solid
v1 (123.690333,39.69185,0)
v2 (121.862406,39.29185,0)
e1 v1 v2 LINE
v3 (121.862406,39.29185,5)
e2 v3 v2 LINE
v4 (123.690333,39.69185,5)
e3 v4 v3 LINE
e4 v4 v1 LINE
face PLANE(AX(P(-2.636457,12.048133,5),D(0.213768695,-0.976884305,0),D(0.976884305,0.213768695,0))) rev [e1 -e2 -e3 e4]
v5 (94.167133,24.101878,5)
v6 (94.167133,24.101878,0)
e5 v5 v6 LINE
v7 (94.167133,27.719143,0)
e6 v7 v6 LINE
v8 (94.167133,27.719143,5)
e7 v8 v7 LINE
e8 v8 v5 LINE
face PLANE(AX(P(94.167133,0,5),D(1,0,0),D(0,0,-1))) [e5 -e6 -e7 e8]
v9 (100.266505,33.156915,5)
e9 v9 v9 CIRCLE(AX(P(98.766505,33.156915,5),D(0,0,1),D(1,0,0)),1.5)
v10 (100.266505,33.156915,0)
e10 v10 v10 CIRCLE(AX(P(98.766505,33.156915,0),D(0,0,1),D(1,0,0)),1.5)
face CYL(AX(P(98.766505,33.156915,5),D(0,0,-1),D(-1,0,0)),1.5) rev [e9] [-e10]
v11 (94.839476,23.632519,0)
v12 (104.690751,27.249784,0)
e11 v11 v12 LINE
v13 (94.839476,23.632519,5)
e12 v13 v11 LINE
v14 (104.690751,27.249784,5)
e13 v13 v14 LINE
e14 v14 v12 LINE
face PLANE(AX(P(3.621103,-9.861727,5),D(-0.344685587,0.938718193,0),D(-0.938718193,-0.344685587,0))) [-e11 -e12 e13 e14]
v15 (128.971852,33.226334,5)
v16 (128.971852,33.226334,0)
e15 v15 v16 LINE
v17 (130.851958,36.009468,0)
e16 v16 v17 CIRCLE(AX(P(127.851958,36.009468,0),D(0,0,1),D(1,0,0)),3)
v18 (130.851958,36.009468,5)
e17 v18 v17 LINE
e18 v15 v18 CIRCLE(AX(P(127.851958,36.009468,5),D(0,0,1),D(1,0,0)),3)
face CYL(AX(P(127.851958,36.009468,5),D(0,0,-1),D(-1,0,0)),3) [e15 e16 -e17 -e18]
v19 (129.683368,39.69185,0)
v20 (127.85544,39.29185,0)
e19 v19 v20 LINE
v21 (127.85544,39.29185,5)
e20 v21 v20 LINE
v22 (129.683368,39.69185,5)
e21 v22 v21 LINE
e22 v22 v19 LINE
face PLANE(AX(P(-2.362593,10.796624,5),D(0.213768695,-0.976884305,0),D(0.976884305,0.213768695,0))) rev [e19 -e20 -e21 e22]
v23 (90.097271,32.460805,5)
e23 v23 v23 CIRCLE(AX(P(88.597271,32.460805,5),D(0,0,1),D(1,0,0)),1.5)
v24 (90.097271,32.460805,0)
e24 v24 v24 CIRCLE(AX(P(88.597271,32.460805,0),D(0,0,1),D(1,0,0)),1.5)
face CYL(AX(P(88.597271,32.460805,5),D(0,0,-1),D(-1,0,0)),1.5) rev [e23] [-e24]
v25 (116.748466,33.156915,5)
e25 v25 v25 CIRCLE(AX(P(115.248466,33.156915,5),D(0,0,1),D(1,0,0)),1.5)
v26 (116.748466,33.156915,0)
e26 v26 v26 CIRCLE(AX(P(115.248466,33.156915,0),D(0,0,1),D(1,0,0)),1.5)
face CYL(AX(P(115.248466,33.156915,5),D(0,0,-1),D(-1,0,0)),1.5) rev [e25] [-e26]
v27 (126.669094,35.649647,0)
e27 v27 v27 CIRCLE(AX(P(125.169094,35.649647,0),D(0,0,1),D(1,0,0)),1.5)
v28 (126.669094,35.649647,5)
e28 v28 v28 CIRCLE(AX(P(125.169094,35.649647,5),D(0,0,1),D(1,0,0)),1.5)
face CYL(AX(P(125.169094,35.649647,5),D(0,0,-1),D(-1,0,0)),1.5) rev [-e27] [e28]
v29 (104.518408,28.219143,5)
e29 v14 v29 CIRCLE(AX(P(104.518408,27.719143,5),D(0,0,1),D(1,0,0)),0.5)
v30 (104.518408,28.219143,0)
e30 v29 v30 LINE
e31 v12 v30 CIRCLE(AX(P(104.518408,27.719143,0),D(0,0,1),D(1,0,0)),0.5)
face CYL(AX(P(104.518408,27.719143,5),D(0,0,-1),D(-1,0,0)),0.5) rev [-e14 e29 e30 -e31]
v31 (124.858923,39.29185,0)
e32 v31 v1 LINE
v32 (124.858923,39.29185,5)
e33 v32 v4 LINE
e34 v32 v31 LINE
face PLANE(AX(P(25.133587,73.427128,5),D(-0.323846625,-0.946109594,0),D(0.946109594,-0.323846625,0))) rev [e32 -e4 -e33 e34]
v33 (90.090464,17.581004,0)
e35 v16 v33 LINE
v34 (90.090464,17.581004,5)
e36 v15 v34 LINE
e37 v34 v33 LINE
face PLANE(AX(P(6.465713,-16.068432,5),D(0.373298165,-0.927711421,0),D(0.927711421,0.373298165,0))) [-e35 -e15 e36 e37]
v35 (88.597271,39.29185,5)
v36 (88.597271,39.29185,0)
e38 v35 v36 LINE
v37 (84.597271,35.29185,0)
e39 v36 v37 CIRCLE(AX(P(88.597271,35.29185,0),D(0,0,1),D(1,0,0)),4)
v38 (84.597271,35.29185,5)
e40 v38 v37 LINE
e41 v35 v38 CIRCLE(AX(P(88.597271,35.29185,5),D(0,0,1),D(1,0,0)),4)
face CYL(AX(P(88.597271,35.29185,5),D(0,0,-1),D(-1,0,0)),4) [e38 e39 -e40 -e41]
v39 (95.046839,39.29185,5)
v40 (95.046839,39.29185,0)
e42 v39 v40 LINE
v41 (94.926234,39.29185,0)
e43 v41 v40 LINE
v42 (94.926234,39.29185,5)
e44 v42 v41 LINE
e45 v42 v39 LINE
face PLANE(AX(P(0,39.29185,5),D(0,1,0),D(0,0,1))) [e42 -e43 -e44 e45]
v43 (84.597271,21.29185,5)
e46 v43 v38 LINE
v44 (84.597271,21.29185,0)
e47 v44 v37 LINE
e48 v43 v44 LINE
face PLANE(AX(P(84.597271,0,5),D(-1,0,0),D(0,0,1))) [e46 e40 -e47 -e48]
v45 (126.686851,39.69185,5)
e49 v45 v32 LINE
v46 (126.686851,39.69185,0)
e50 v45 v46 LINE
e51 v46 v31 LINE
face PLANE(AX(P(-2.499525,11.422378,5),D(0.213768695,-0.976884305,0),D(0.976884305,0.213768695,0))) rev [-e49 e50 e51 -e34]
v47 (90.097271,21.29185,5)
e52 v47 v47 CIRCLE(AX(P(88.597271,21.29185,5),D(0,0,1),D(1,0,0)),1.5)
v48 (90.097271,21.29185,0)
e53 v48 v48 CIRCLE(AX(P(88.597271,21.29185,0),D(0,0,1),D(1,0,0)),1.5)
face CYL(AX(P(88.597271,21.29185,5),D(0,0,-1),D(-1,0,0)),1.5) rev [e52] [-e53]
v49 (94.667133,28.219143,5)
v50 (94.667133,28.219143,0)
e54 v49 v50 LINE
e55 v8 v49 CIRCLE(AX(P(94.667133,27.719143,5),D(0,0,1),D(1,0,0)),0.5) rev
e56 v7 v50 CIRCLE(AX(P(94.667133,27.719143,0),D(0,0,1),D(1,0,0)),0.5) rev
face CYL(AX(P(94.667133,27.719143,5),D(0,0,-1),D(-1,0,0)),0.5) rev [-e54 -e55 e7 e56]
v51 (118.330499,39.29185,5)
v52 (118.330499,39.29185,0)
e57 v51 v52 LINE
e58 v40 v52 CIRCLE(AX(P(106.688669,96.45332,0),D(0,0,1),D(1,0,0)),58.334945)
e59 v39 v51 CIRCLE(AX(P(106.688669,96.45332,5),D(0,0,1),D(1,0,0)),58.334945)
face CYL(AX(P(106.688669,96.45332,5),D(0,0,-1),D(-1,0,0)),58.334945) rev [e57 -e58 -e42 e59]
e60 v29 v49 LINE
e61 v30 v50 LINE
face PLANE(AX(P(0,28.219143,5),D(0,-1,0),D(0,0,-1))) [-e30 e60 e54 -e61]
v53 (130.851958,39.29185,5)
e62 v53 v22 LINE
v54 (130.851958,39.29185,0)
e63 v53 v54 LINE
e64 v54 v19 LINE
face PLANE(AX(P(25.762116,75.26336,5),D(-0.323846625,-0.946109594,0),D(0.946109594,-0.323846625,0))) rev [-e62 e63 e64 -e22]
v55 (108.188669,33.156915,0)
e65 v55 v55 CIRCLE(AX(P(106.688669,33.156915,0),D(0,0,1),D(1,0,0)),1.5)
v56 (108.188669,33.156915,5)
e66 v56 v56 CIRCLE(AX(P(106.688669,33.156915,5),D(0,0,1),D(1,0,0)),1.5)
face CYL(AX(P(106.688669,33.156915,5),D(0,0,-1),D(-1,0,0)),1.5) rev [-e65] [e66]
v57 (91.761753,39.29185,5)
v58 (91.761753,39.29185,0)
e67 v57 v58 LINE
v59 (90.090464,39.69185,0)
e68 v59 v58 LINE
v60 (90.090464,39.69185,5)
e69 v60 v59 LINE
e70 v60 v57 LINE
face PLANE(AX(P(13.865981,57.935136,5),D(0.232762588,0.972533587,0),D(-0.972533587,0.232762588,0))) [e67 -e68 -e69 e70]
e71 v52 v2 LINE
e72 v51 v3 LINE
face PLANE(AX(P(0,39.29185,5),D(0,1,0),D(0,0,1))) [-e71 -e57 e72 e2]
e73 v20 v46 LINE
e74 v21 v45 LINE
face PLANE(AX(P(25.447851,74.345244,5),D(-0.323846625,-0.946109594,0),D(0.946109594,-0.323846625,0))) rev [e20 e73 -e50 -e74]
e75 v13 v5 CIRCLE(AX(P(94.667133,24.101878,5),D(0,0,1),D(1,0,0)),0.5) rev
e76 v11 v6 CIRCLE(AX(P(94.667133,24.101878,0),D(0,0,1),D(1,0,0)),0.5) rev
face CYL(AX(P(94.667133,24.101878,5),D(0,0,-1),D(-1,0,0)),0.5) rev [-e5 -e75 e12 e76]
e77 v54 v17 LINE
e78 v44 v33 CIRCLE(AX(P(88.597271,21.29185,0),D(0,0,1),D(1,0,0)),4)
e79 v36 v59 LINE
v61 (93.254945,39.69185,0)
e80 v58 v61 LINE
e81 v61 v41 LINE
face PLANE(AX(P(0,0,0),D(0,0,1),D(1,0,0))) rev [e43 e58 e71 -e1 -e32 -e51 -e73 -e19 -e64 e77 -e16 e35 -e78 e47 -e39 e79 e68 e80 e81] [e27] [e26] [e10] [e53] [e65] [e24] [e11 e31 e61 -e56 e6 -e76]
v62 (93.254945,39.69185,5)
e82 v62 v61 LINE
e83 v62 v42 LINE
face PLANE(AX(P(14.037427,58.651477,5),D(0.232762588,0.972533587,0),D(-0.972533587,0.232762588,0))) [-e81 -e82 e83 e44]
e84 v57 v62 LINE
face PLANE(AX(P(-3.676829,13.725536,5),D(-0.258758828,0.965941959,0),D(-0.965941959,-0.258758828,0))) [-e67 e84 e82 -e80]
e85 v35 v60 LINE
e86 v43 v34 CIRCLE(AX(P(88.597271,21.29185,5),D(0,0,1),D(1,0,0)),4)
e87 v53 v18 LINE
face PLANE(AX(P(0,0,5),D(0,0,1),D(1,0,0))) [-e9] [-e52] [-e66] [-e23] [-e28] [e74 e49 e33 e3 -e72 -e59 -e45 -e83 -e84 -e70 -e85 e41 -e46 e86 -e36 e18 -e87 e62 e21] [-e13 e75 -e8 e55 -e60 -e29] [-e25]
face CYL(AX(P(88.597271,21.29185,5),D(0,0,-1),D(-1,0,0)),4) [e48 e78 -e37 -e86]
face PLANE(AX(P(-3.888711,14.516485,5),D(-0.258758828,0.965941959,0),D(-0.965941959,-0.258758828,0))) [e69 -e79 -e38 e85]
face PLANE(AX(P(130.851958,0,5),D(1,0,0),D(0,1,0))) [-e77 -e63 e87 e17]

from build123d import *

# Parameters (mm, degrees)
SKETCH1_R           = 1.5
BOSS_EXTRUDE1_DEPTH = 5


with BuildPart() as part:
    # Sketch1 → Boss-Extrude1 (new body)
    with BuildSketch(Plane.XY):
        with BuildLine():
            Line((90.09046413, 17.581004237), (128.971852367, 33.226333782))
            ThreePointArc((128.971852367, 33.226333782), (130.33788662, 34.330135362), (130.851957871, 36.009468044))
            Line((130.851957871, 36.009468044), (130.851957871, 39.291849919))
            Line((130.851957871, 39.291849919), (129.683368149, 39.691849919))
            Line((129.683368149, 39.691849919), (127.855440432, 39.291849919))
            Line((127.855440432, 39.291849919), (126.68685071, 39.691849919))
            Line((126.68685071, 39.691849919), (124.858922992, 39.291849919))
            Line((124.858922992, 39.291849919), (123.69033327, 39.691849919))
            Line((123.69033327, 39.691849919), (121.862405553, 39.291849919))
            Line((121.862405553, 39.291849919), (118.330499072, 39.291849919))
            ThreePointArc((118.330499072, 39.291849919), (106.6886691, 38.118374493), (95.046839129, 39.291849919))
            Line((95.046839129, 39.291849919), (94.926233776, 39.291849919))
            Line((94.926233776, 39.291849919), (93.254945284, 39.691849919))
            Line((93.254945284, 39.691849919), (91.761752622, 39.291849919))
            Line((91.761752622, 39.291849919), (90.09046413, 39.691849919))
            Line((90.09046413, 39.691849919), (88.597271468, 39.291849919))
            ThreePointArc((88.597271468, 39.291849919), (85.768844343, 38.120277044), (84.597271468, 35.291849919))
            Line((84.597271468, 35.291849919), (84.597271468, 21.291849919))
            ThreePointArc((84.597271468, 21.291849919), (86.358161226, 17.977278254), (90.09046413, 17.581004237))
        make_face()
        with Locations((88.597271468, 32.460805113)):
            Circle(SKETCH1_R, mode=Mode.SUBTRACT)
        with BuildLine():
            Line((94.167132873, 24.101877808), (94.167132873, 27.719143002))
            ThreePointArc((94.167132873, 27.719143002), (94.313579482, 28.072696393), (94.667132873, 28.219143002))
            Line((94.667132873, 28.219143002), (104.518408295, 28.219143002))
            ThreePointArc((104.518408295, 28.219143002), (105.010688474, 27.806665718), (104.690751088, 27.249783905))
            Line((104.690751088, 27.249783905), (94.839475666, 23.632518711))
            ThreePointArc((94.839475666, 23.632518711), (94.380926126, 23.691895249), (94.167132873, 24.101877808))
        make_face(mode=Mode.SUBTRACT)
        with Locations((115.248465962, 33.15691525)):
            Circle(SKETCH1_R, mode=Mode.SUBTRACT)
        with Locations((125.169093906, 35.649647236)):
            Circle(SKETCH1_R, mode=Mode.SUBTRACT)
        with Locations((98.766505389, 33.15691525)):
            Circle(SKETCH1_R, mode=Mode.SUBTRACT)
        with Locations((106.6886691, 33.15691525)):
            Circle(SKETCH1_R, mode=Mode.SUBTRACT)
        with Locations((88.597271468, 21.291849919)):
            Circle(SKETCH1_R, mode=Mode.SUBTRACT)
    extrude(amount=BOSS_EXTRUDE1_DEPTH)


solid = part.part
